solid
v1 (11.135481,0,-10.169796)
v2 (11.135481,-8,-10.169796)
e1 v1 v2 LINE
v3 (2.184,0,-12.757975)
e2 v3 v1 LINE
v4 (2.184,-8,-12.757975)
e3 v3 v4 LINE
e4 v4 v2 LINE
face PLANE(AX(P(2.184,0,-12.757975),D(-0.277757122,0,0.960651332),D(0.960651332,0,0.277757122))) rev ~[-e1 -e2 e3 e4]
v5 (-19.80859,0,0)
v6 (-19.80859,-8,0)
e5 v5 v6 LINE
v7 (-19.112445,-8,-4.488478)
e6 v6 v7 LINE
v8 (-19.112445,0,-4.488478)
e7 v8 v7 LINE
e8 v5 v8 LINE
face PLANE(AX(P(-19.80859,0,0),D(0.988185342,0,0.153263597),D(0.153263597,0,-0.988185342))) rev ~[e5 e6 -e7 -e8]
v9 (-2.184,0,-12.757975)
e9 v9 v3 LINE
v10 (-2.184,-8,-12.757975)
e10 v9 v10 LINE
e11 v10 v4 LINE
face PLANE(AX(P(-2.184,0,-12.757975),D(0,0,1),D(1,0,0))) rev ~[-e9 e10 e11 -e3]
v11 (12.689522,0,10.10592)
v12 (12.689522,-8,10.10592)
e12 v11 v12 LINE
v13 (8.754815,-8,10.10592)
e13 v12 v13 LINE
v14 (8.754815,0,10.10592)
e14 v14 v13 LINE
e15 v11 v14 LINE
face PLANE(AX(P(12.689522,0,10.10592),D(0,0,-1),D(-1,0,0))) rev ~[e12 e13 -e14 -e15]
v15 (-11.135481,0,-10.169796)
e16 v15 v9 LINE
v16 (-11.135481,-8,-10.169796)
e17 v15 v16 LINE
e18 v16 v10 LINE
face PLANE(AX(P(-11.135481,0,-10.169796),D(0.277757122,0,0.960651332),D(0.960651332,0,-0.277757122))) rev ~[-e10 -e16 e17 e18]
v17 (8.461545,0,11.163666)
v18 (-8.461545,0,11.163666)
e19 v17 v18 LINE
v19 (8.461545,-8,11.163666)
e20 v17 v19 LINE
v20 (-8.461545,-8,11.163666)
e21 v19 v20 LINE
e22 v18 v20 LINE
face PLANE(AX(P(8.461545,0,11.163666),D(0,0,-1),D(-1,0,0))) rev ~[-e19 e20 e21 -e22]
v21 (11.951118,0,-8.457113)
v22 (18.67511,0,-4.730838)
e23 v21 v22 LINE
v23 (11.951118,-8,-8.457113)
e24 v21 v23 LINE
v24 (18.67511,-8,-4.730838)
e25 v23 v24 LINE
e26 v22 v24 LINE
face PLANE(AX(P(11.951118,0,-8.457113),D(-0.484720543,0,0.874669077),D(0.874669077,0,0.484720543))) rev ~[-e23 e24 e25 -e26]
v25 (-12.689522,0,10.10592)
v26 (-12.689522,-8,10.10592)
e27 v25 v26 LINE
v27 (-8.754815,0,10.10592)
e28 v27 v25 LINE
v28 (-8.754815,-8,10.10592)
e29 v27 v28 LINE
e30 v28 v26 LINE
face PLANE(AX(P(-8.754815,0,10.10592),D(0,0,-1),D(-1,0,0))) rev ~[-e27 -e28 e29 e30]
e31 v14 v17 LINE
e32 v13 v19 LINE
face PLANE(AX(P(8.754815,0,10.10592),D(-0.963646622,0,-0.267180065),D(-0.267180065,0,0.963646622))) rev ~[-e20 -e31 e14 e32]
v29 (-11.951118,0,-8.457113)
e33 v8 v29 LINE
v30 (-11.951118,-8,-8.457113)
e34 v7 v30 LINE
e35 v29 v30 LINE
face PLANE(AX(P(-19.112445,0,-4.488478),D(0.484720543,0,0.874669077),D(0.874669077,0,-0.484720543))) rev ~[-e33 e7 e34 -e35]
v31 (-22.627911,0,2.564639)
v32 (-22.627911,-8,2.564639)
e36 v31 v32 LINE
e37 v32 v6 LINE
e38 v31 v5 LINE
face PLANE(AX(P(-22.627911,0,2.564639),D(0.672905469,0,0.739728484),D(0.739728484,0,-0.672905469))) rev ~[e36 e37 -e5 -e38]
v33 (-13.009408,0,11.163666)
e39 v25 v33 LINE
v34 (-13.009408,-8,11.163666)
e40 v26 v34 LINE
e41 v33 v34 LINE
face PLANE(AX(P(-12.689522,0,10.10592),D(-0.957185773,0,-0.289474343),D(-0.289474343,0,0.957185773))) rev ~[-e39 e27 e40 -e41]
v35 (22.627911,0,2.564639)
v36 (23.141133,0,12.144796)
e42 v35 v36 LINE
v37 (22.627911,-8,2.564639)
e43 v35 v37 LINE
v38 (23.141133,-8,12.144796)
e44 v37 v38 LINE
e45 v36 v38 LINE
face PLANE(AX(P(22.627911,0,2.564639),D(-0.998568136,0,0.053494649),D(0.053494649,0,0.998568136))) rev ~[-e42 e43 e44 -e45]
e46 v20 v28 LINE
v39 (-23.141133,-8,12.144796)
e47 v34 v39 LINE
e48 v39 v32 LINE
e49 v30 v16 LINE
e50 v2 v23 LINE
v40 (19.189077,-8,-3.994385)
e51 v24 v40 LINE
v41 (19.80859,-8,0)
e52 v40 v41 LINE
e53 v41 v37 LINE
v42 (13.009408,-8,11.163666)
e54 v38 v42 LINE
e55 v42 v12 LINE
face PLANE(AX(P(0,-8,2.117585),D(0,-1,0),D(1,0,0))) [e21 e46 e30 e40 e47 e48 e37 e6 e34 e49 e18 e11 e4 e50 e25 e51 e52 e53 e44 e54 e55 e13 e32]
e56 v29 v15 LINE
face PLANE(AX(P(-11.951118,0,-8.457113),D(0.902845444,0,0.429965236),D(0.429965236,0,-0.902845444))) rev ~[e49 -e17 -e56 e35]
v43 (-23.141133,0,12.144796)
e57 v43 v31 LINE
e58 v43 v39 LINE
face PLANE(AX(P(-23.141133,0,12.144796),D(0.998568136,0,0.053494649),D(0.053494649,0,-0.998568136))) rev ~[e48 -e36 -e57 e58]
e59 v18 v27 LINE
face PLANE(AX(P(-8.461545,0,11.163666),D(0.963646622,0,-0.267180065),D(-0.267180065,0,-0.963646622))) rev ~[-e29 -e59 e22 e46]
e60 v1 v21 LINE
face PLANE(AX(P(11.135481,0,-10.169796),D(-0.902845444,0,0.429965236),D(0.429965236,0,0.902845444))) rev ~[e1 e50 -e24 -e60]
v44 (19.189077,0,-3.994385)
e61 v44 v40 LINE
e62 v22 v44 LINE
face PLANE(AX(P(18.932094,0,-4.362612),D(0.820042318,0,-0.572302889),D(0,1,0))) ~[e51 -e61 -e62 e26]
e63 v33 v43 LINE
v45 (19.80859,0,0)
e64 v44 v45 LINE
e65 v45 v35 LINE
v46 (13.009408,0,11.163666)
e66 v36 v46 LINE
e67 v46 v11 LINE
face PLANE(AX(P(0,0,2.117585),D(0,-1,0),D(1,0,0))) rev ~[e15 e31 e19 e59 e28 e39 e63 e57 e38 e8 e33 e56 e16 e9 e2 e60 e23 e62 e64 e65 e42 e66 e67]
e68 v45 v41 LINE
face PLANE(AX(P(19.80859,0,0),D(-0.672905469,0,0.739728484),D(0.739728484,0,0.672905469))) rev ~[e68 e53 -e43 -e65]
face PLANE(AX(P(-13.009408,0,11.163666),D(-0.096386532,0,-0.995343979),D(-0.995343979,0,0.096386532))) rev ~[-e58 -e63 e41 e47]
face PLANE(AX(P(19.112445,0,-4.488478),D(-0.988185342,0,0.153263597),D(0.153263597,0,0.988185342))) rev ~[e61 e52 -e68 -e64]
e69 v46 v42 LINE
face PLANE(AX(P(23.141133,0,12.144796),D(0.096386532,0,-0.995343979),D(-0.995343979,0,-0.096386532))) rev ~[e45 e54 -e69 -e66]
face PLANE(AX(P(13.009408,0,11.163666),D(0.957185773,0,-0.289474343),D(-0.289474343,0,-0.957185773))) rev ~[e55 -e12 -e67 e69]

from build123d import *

# Parameters (mm, degrees)
F1_DEPTH = 8
F2_DEPTH = 8
F3_SIZE  = 0.5


with BuildPart() as f1:
    # F0 (on Front) → F1 (new body)
    with BuildSketch(Plane.XZ):
        Polygon((-13.009408, 11.163666), (-23.141133, 12.144796), (-22.627911, 2.564639), (-19.80859, 0), (-19.112445, -4.488478), (-11.951118, -8.457113), (-11.135481, -10.169796), (-2.184, -12.757975), (0, -12.757975), (2.184, -12.757975), (11.135481, -10.169796), (11.951118, -8.457113), (19.112445, -4.488478), (19.80859, 0), (22.627911, 2.564639), (23.141133, 12.144796), (13.009408, 11.163666), (12.689522, 10.10592), (8.754815, 10.10592), (8.461545, 11.163666), (0, 11.163666), (-8.461545, 11.163666), (-8.754815, 10.10592), (-12.689522, 10.10592), align=None)
    extrude(amount=F1_DEPTH)

    # F0 (on Front) → F2 (join)
    with BuildSketch(Plane.XZ):
        Polygon((-13.009408, 11.163666), (-23.141133, 12.144796), (-22.627911, 2.564639), (-19.80859, 0), (-19.112445, -4.488478), (-11.951118, -8.457113), (-11.135481, -10.169796), (-2.184, -12.757975), (0, -12.757975), (2.184, -12.757975), (11.135481, -10.169796), (11.951118, -8.457113), (19.112445, -4.488478), (19.80859, 0), (22.627911, 2.564639), (23.141133, 12.144796), (13.009408, 11.163666), (12.689522, 10.10592), (8.754815, 10.10592), (8.461545, 11.163666), (0, 11.163666), (-8.461545, 11.163666), (-8.754815, 10.10592), (-12.689522, 10.10592), align=None)
    extrude(amount=F2_DEPTH)

    # F3
    f3_edges = [f1.edges().sort_by_distance(p)[0] for p in [
        (19.112445, -4, -4.488478),
    ]]
    chamfer(f3_edges, length=F3_SIZE)


solid = f1.part
